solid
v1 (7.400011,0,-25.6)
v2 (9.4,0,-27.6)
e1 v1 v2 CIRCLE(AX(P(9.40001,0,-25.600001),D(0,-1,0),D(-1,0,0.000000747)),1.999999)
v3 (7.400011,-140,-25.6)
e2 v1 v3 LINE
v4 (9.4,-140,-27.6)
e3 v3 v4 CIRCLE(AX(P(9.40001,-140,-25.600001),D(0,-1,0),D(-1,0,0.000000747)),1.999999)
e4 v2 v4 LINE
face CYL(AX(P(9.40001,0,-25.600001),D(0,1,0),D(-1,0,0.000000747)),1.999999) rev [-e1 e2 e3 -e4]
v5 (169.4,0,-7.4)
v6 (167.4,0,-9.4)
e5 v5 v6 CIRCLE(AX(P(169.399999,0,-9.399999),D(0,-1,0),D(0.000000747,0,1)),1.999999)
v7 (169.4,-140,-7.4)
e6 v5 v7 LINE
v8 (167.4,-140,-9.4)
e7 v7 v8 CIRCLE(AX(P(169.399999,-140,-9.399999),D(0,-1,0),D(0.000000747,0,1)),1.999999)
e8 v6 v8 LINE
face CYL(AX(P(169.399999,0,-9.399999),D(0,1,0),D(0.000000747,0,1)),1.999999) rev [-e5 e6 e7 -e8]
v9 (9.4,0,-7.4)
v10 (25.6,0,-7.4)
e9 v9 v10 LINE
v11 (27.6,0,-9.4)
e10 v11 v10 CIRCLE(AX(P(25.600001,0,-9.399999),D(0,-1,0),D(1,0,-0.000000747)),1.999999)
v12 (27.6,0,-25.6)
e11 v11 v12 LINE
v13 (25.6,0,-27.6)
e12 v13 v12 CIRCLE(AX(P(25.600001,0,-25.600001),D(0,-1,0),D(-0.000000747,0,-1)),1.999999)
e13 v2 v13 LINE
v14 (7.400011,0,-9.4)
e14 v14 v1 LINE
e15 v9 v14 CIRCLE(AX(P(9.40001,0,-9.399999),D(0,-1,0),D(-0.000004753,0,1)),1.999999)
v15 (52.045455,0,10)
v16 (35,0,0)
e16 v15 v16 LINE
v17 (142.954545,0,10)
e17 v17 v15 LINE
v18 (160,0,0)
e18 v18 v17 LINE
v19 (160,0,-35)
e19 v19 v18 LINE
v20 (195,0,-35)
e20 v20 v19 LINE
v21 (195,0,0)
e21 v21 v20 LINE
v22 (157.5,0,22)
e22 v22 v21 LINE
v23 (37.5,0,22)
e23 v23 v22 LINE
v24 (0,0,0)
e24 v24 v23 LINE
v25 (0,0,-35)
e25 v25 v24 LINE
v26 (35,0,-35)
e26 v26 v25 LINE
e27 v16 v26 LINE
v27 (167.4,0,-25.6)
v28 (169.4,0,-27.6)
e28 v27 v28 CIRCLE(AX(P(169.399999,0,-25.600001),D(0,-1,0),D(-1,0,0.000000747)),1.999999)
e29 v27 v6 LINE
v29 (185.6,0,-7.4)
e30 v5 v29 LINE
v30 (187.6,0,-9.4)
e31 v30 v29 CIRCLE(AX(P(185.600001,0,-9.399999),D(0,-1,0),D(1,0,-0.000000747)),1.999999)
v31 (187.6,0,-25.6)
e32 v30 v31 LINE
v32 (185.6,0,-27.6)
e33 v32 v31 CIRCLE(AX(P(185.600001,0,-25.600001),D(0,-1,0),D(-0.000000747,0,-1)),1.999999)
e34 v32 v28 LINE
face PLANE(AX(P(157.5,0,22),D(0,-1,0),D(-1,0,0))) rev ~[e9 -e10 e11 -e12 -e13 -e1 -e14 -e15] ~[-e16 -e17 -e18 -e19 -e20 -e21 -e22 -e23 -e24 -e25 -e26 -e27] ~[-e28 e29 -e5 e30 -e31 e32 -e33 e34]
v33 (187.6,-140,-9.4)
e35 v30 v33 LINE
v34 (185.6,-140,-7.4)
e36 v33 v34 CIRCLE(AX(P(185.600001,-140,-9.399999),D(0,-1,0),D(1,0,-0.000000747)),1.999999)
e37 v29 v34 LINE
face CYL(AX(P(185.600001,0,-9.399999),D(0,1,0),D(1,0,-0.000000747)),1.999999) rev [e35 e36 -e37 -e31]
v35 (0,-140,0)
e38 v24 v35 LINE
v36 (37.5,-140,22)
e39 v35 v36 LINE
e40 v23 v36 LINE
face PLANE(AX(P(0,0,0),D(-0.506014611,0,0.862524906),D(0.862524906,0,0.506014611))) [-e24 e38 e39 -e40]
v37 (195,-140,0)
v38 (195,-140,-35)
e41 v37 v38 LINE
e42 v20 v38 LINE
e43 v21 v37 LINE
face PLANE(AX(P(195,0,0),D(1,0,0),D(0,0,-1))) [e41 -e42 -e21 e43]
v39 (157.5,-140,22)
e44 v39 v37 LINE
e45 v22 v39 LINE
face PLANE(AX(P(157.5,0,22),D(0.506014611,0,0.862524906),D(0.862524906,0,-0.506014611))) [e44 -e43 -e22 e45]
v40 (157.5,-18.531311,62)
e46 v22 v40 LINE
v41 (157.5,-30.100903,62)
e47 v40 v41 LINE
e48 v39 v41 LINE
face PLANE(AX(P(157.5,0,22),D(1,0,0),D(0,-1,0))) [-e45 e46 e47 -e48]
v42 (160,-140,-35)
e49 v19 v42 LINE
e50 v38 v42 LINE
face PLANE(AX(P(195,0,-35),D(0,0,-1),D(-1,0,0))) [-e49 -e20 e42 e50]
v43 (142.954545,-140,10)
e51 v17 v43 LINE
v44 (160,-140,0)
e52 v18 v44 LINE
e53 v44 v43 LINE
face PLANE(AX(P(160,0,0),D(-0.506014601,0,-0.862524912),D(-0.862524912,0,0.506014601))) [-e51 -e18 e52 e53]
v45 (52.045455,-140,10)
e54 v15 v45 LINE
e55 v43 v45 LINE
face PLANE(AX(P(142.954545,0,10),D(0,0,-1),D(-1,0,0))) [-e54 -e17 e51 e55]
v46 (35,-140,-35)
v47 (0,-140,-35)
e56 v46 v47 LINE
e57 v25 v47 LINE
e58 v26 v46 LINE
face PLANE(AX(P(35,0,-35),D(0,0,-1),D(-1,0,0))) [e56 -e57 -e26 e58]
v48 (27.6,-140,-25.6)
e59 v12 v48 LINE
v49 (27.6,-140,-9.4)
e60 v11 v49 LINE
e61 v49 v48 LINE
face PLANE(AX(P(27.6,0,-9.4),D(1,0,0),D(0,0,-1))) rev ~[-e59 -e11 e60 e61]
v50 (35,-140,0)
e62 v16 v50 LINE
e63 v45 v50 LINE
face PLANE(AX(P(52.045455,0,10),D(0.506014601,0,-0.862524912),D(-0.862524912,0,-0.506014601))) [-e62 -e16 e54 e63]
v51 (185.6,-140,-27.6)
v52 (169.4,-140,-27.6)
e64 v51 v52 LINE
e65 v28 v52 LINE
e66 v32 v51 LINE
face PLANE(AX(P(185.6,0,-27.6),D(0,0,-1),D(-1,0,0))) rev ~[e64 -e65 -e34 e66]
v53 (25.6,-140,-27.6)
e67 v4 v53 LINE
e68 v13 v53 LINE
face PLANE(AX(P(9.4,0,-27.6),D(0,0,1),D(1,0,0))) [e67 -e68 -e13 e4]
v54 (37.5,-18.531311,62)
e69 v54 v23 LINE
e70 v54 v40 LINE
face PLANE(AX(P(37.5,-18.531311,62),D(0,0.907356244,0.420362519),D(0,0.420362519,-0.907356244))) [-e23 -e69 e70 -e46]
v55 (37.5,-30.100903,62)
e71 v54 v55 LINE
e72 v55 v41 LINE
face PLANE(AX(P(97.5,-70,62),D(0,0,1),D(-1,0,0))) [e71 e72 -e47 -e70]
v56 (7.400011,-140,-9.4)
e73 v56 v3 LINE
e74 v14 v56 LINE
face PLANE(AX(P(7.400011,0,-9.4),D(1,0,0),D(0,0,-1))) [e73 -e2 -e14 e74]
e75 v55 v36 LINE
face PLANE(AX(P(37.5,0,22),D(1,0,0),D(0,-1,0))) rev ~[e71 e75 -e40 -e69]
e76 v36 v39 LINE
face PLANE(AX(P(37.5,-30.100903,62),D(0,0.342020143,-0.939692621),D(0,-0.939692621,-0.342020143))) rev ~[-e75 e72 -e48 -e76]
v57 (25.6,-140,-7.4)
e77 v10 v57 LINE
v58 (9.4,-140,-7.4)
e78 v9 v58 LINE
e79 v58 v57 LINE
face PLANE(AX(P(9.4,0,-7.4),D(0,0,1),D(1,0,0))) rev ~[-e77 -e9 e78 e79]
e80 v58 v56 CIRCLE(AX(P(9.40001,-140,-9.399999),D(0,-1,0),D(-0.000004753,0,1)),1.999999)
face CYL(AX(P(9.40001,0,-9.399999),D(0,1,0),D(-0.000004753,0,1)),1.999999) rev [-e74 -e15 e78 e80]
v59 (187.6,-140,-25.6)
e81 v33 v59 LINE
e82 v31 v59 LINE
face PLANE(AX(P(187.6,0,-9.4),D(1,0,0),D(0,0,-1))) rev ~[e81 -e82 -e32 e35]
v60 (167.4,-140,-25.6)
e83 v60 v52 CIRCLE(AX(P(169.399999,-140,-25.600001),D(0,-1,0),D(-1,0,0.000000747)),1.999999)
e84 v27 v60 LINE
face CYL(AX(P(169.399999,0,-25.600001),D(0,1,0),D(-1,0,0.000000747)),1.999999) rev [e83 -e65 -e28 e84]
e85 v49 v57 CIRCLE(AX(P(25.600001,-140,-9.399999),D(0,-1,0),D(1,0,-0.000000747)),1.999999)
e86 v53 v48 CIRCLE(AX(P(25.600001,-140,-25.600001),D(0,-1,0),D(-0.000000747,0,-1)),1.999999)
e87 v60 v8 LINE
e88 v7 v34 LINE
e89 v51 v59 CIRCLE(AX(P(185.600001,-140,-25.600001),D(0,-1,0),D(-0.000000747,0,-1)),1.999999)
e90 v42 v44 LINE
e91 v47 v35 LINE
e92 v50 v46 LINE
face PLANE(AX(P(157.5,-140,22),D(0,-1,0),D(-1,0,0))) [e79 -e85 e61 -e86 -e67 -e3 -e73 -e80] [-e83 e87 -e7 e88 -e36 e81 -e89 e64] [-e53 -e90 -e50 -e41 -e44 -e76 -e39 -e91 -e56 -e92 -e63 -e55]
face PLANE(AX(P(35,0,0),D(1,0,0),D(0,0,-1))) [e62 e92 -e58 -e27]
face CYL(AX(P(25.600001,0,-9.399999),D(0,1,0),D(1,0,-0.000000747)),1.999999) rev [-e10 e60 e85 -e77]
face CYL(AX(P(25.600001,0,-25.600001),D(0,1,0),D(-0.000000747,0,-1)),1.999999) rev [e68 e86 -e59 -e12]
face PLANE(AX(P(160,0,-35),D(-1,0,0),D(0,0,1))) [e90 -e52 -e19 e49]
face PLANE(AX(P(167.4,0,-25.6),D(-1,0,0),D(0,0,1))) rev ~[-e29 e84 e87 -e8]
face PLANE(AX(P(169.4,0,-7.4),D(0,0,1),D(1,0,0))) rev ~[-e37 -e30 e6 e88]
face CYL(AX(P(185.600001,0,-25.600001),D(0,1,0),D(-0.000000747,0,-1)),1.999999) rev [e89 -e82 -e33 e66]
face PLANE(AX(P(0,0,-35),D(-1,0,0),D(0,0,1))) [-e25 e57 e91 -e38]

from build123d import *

# Parameters (mm, degrees)
PAD_DEPTH    = 140
SKETCH001_W  = 120
SKETCH001_H  = 140
PAD001_DEPTH = 40
POCKET_DEPTH = 157.501


with BuildPart() as part:
    # Sketch → Pad (new body)
    with BuildSketch(Plane.XZ):
        Polygon((0, 0), (37.5, 22), (157.5, 22), (195, 0), (195, -35), (160, -35), (160, 0), (142.954545, 10), (52.045455, 10), (35, 0), (35, -35), (0, -35), align=None)
        with BuildLine():
            Line((7.400011, -9.4), (7.400011, -25.6))
            ThreePointArc((7.400011, -25.6), (7.985793, -27.01421), (9.4, -27.6))
            Line((9.4, -27.6), (25.6, -27.6))
            ThreePointArc((25.6, -27.6), (27.014214, -27.014214), (27.6, -25.6))
            Line((27.6, -9.4), (27.6, -25.6))
            ThreePointArc((27.6, -9.4), (27.014214, -7.985786), (25.6, -7.4))
            Line((9.4, -7.4), (25.6, -7.4))
            ThreePointArc((9.4, -7.4), (7.985793, -7.98579), (7.400011, -9.4))
        make_face(mode=Mode.SUBTRACT)
        with BuildLine():
            Line((169.4, -7.4), (185.6, -7.4))
            ThreePointArc((187.6, -9.4), (187.014214, -7.985786), (185.6, -7.4))
            Line((187.6, -9.4), (187.6, -25.6))
            ThreePointArc((185.6, -27.6), (187.014214, -27.014214), (187.6, -25.6))
            Line((185.6, -27.6), (169.4, -27.6))
            ThreePointArc((167.4, -25.6), (167.985786, -27.014214), (169.4, -27.6))
            Line((167.4, -25.6), (167.4, -9.4))
            ThreePointArc((169.4, -7.4), (167.985786, -7.985786), (167.4, -9.4))
        make_face(mode=Mode.SUBTRACT)
    extrude(amount=PAD_DEPTH)

    # Sketch001 (on Face2 of Pad) → Pad001 (join)
    with BuildSketch(Plane(origin=(0, 0, 22), x_dir=(-1, 0, 0), z_dir=(0, 0, 1))):
        with Locations((-97.5, 70)):
            Rectangle(SKETCH001_W, SKETCH001_H)
    extrude(amount=PAD001_DEPTH)

    # Sketch002 (on Face3 of Pad001) → Pocket (cut, through all)
    with BuildSketch(Plane(origin=(37.5, 0, 0), x_dir=(0, 0, -1), z_dir=(-1, 0, 0))):
        Polygon((-62, 30.100903), (-22, 140), (-62, 140), align=None)
        Polygon((-22, 0), (-62, 0), (-62, 18.531311), align=None)
    extrude(amount=-POCKET_DEPTH, mode=Mode.SUBTRACT)


solid = part.part
